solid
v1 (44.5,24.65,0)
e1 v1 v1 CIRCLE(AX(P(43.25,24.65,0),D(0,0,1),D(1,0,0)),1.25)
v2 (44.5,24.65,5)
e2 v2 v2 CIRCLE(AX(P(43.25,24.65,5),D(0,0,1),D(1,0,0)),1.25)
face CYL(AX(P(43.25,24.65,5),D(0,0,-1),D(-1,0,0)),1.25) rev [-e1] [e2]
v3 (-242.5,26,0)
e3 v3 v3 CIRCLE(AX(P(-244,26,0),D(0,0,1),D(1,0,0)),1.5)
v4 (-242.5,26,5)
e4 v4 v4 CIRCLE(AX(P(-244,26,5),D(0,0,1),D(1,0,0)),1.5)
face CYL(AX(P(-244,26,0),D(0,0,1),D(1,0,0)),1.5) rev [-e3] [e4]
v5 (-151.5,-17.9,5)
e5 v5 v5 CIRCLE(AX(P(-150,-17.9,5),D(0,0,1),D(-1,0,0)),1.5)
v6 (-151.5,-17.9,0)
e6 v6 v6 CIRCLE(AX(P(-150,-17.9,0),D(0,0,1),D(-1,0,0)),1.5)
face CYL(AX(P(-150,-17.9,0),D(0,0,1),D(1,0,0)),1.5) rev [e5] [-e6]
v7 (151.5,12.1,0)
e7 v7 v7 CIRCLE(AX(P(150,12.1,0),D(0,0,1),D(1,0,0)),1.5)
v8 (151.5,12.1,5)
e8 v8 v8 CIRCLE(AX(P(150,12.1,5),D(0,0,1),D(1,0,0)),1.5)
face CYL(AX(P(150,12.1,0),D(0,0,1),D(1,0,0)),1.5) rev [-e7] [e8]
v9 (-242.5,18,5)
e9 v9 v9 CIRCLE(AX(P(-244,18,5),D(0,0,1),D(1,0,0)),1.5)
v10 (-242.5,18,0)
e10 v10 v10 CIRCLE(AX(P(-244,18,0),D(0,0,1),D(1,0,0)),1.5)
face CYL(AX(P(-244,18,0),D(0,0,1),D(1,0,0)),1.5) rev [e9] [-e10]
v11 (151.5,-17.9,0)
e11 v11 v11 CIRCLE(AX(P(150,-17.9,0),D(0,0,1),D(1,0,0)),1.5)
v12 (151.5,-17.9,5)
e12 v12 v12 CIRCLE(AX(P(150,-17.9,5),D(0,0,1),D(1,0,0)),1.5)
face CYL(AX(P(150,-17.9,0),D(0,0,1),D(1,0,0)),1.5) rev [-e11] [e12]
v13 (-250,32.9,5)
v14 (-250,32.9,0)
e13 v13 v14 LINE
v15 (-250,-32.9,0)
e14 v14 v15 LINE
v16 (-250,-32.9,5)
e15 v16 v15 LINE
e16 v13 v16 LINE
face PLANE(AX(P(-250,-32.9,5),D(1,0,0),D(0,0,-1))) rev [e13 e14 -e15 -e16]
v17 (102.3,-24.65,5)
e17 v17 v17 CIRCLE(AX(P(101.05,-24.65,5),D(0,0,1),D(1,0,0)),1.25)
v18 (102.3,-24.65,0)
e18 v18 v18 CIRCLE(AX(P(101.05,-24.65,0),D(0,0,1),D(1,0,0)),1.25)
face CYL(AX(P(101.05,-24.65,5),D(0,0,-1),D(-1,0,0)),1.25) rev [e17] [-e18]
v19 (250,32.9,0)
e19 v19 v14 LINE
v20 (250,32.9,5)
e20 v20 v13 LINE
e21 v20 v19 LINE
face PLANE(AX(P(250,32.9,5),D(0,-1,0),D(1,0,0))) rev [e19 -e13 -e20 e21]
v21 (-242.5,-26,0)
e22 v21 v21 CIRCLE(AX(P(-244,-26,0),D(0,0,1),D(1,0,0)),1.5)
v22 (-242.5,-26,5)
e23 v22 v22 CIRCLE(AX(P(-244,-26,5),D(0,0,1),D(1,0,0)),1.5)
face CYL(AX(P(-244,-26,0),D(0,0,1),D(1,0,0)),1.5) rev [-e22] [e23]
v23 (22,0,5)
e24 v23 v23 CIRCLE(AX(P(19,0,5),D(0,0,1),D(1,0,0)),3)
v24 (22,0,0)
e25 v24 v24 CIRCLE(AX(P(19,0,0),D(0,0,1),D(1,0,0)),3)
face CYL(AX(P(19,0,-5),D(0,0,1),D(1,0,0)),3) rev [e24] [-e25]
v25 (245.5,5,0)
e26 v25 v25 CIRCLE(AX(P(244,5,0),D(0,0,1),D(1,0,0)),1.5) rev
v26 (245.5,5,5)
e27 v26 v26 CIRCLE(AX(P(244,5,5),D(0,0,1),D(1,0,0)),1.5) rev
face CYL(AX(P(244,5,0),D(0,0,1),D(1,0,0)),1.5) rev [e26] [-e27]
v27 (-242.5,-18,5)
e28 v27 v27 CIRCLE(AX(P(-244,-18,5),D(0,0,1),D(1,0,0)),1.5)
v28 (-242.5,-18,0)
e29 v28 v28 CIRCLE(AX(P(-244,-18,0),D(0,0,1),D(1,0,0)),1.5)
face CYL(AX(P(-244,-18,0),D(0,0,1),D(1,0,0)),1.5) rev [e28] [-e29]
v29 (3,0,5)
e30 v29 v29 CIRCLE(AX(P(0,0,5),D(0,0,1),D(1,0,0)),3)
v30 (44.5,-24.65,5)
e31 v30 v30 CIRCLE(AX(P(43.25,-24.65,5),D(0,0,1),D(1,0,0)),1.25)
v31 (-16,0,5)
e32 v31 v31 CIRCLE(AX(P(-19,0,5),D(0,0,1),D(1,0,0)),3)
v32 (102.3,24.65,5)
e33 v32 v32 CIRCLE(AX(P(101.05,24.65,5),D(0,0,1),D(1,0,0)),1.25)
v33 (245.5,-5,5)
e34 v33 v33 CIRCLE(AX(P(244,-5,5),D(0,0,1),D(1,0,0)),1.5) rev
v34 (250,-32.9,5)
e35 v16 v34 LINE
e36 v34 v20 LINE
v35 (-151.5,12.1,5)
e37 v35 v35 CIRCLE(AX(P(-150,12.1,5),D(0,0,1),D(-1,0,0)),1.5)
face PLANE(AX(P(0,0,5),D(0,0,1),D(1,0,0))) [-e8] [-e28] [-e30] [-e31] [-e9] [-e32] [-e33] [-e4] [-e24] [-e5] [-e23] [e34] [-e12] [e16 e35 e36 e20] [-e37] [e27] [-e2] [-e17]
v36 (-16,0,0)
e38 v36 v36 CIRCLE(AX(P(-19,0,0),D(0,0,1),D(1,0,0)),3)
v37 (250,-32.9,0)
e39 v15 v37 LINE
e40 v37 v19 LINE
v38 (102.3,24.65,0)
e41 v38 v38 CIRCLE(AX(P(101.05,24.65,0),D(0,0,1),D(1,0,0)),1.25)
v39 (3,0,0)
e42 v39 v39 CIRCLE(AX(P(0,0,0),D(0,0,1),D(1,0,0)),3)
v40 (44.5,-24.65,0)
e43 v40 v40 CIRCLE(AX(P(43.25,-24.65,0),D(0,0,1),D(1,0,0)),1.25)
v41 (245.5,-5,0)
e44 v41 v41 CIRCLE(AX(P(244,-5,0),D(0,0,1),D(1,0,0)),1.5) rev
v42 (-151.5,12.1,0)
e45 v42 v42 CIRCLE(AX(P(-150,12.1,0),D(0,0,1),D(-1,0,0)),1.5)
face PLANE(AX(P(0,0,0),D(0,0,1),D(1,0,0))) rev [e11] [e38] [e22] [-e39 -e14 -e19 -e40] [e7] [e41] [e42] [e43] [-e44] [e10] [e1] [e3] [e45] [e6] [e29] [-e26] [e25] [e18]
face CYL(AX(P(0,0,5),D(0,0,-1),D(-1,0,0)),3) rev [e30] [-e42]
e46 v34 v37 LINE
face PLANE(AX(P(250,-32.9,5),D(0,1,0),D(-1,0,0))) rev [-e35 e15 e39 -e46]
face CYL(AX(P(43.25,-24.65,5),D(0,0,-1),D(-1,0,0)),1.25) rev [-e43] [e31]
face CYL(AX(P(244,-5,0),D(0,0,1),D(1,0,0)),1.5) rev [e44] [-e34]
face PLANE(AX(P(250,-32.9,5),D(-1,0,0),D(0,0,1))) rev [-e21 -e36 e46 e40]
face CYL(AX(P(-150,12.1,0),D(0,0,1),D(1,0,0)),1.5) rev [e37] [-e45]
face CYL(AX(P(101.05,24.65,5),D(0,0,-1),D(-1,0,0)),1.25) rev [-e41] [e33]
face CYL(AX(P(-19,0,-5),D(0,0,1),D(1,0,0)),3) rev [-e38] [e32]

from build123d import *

# Parameters (mm, degrees)
SKETCH_3_W          = 500
SKETCH_3_H          = 65.8
SKETCH_3_R          = 1.25
SKETCH_3_R_2        = 3
EXTRUDE_2_DEPTH     = 5
SKETCH_4_R          = 1.5
CUT_EXTRUDE_1_DEPTH = 5
SKETCH_5_R          = 1.5
CUT_EXTRUDE_2_DEPTH = 5
SKETCH_6_R          = 3
CUT_EXTRUDE_3_DEPTH = 10


with BuildPart() as part:
    # 草图3 → 凸台-拉伸2 (new body)
    with BuildSketch(Plane.XY):
        Rectangle(SKETCH_3_W, SKETCH_3_H)
        with Locations((43.25, 24.65)):
            Circle(SKETCH_3_R, mode=Mode.SUBTRACT)
        with Locations((43.25, -24.65)):
            Circle(SKETCH_3_R, mode=Mode.SUBTRACT)
        with Locations((101.05, -24.65)):
            Circle(SKETCH_3_R, mode=Mode.SUBTRACT)
        with Locations((101.05, 24.65)):
            Circle(SKETCH_3_R, mode=Mode.SUBTRACT)
        Circle(SKETCH_3_R_2, mode=Mode.SUBTRACT)
    extrude(amount=EXTRUDE_2_DEPTH)

    # 草图4 → 切除-拉伸1 (cut)
    with BuildSketch(Plane.XY.offset(5)):
        with Locations((150, 12.1)):
            Circle(SKETCH_4_R)
        with Locations((150, -17.9)):
            Circle(SKETCH_4_R)
        with Locations(Location((-150, -17.9, 0), (0, 0, 180))):
            Circle(SKETCH_4_R)
        with Locations(Location((-150, 12.1, 0), (0, 0, 180))):
            Circle(SKETCH_4_R)
    extrude(amount=-CUT_EXTRUDE_1_DEPTH, mode=Mode.SUBTRACT)

    # 草图5 → 切除-拉伸2 (cut)
    with BuildSketch(Plane.XY.offset(5)):
        with Locations((-244, 26)):
            Circle(SKETCH_5_R)
        with Locations((244, -5)):
            Circle(SKETCH_5_R)
        with Locations((244, 5)):
            Circle(SKETCH_5_R)
        with Locations((-244, 18)):
            Circle(SKETCH_5_R)
        with Locations((-244, -18)):
            Circle(SKETCH_5_R)
        with Locations((-244, -26)):
            Circle(SKETCH_5_R)
    extrude(amount=-CUT_EXTRUDE_2_DEPTH, mode=Mode.SUBTRACT)

    # 草图6 → 切除-拉伸3 (cut)
    with BuildSketch(Plane.XY.offset(5)):
        with Locations((19, 0)):
            Circle(SKETCH_6_R)
        with Locations((-19, 0)):
            Circle(SKETCH_6_R)
    extrude(amount=-CUT_EXTRUDE_3_DEPTH, mode=Mode.SUBTRACT)


solid = part.part
